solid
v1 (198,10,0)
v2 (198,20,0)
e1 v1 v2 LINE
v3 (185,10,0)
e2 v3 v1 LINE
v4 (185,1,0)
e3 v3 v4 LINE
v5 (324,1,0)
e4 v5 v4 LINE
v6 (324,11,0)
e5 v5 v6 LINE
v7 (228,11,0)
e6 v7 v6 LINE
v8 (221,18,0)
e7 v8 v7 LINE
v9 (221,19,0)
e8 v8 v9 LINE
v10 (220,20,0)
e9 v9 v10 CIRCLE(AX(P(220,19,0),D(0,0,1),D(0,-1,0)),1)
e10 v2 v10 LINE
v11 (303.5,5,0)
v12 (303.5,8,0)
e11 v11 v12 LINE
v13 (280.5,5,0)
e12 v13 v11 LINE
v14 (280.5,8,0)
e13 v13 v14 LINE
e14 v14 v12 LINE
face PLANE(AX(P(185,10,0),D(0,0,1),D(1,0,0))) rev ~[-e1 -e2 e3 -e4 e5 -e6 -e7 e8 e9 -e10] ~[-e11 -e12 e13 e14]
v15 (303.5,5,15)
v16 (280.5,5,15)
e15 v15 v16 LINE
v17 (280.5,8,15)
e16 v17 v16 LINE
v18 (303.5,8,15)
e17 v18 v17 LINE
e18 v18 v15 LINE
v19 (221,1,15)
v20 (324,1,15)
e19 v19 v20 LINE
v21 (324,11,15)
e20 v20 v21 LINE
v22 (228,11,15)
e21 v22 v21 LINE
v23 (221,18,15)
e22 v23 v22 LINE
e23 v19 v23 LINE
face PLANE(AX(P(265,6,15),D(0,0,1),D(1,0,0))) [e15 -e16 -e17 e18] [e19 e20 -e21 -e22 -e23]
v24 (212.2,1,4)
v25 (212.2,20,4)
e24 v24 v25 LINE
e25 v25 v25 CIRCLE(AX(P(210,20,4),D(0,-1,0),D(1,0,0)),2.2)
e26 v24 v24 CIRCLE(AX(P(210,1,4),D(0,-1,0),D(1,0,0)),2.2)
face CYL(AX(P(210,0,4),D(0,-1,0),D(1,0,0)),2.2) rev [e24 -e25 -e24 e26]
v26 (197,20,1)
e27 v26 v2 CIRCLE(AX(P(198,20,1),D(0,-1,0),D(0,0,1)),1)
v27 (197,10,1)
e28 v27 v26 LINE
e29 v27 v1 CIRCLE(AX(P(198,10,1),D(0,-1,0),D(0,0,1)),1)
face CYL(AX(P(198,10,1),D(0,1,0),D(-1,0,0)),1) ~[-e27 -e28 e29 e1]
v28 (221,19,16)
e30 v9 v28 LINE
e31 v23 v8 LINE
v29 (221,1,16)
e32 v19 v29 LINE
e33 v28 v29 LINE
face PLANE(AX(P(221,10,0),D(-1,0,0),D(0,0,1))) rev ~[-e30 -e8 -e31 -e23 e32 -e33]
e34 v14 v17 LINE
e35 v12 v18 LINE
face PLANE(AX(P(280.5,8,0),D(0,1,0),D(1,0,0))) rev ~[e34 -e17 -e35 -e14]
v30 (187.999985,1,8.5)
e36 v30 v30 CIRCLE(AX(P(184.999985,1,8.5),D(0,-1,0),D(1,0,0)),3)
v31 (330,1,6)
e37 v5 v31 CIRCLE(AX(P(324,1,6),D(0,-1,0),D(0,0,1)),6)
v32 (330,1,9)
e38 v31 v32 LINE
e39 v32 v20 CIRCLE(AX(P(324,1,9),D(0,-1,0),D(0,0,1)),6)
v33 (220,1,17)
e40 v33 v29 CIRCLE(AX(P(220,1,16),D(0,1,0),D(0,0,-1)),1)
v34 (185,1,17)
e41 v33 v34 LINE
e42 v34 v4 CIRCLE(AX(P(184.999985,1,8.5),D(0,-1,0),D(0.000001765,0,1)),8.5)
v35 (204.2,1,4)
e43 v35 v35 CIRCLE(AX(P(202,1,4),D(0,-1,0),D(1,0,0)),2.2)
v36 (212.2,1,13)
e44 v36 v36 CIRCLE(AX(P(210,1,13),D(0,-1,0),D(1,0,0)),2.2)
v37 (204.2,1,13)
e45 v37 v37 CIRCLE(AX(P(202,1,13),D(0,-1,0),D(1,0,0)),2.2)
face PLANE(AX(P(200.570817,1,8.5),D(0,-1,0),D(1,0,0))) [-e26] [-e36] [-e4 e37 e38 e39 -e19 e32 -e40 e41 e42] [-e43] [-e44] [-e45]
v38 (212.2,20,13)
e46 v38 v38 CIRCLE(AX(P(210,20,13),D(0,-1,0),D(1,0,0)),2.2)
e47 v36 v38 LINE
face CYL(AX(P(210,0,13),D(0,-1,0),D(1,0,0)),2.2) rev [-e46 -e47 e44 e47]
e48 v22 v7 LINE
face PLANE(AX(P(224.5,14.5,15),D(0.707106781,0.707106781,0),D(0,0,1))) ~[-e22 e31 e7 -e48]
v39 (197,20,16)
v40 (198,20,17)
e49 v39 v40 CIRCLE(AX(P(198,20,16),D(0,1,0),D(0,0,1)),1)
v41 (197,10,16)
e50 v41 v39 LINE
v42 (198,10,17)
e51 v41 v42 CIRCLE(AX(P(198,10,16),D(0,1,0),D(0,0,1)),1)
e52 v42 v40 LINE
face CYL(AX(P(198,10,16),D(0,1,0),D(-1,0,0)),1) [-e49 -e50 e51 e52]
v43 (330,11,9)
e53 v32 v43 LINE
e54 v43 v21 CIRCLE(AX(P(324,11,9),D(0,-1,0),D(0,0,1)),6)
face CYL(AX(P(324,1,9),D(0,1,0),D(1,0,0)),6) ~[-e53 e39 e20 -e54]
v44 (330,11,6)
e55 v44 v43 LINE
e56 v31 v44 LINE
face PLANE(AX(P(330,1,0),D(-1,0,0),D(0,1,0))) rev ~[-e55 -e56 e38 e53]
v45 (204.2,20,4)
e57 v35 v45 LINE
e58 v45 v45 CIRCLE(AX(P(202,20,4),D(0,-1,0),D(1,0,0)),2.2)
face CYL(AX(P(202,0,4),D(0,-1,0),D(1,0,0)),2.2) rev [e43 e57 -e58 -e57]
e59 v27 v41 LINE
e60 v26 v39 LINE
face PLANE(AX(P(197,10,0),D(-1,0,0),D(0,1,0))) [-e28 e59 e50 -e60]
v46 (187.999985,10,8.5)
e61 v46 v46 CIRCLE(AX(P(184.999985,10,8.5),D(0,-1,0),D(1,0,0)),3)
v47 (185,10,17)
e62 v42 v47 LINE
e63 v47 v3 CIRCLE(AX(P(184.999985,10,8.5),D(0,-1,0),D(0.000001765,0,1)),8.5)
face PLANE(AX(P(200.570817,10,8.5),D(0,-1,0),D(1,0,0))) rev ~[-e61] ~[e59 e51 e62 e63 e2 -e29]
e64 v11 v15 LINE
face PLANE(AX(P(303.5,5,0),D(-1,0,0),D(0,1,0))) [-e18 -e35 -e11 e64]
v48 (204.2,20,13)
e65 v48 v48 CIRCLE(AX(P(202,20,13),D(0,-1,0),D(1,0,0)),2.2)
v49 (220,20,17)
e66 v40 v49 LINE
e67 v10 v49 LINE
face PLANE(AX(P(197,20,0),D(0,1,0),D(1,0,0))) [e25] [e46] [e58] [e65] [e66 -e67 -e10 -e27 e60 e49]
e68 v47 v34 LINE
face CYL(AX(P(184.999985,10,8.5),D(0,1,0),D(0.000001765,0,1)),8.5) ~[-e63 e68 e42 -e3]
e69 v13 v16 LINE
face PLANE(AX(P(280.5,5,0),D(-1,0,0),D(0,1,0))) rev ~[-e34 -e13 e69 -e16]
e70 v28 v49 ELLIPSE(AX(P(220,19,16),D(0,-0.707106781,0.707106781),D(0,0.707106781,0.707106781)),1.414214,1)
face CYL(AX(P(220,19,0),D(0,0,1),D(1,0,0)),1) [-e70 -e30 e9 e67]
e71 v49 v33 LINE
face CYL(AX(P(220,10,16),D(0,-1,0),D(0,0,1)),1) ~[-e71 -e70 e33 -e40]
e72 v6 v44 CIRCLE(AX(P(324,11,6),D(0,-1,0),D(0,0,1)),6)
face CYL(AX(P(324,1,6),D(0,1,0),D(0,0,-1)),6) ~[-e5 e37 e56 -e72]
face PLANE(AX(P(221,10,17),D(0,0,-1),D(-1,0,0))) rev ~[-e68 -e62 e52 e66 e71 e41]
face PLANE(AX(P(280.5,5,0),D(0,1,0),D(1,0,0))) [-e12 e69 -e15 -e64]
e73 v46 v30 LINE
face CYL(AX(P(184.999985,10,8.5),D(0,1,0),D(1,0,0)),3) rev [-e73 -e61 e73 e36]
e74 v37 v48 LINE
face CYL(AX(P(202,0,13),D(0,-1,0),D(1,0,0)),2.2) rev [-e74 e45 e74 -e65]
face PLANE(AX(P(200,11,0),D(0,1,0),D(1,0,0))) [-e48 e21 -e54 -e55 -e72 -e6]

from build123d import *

# Parameters (mm, degrees)
CYLINDER012_R          = 2.2
CYLINDER012_DEPTH      = 26
CYLINDER012_ROLL_ANGLE = -90
ARRAY001_X_COUNT       = 2
ARRAY001_X_PITCH       = 8
ARRAY001_Z_COUNT       = 2
ARRAY001_Z_PITCH       = 9
BOX015_W               = 23
BOX015_H               = 3
BOX015_DEPTH           = 20
BOX011_W               = 130
BOX011_H               = 10
BOX011_DEPTH           = 15
SKETCH003_R            = 3
PAD003_DEPTH           = 9
FILLET003_R            = 1
BOX013_W               = 24
BOX013_H               = 10
BOX013_DEPTH           = 17
FILLET_R               = 1
CHAMFER_SIZE           = 7
FILLET004_R            = 6


with BuildPart() as taladros_suje_traccion:
    # Cylinder012 → Cylinder012 (new body)
    with BuildSketch(Plane.XY):
        Circle(CYLINDER012_R)
    extrude(amount=CYLINDER012_DEPTH)


with BuildPart() as taladros_suje_traccion_1:
    # Cylinder012 roll: moved
    add(taladros_suje_traccion.part.rotate(Axis((0, 0, 0), (1, 0, 0)), CYLINDER012_ROLL_ANGLE))


with BuildPart() as taladros_suje_traccion_2:
    # Cylinder012 placement: moved
    add(taladros_suje_traccion_1.part.moved(Location((202, 0, 4))))

    # Array001 X: Taladros_suje_traccion ×2


with BuildPart() as taladros_suje_traccion_3:
    add(taladros_suje_traccion_2.part)
    with Locations(*[(i * ARRAY001_X_PITCH, 0, 0) for i in range(1, ARRAY001_X_COUNT)]):
        add(taladros_suje_traccion_2.part)

    # Array001 Z: Taladros_suje_traccion ×2


with BuildPart() as taladros_suje_traccion_4:
    add(taladros_suje_traccion_3.part)
    with Locations(*[(0, 0, i * ARRAY001_Z_PITCH) for i in range(1, ARRAY001_Z_COUNT)]):
        add(taladros_suje_traccion_3.part)


with BuildPart() as agarre1:
    # Box015 → Box015 (new body)
    with BuildSketch(Plane(origin=(280.5, 5, 0), x_dir=(1, 0, 0), z_dir=(0, 0, 1))):
        with Locations((11.5, 1.5)):
            Rectangle(BOX015_W, BOX015_H)
    extrude(amount=BOX015_DEPTH)


with BuildPart() as base_tibia:
    # Box011 → Box011 (new body)
    with BuildSketch(Plane(origin=(200, 1.5, 0), x_dir=(1, 0, 0), z_dir=(0, 0, 1))):
        with Locations((65, 5)):
            Rectangle(BOX011_W, BOX011_H)
    extrude(amount=BOX011_DEPTH)


with BuildPart() as tibia_agarre:
    # Sketch003 → Pad003 (new body)
    with BuildSketch(Plane(origin=(221, 10.5, 0), x_dir=(1, 0, 0), z_dir=(0, -1, 0))):
        with BuildLine():
            Line((0, 17), (-36, 17))
            ThreePointArc((-36, 17), (-44.500015, 8.5), (-36, 0))
            Line((-36, 0), (0, 0))
            Line((0, 0), (0, 17))
        make_face()
        with Locations((-36.000015, 8.5)):
            Circle(SKETCH003_R, mode=Mode.SUBTRACT)
    extrude(amount=PAD003_DEPTH)

    # Fillet003
    fillet003_edges = [tibia_agarre.edges().sort_by_distance(p)[0] for p in [
        (221, 6, 17),
        (221, 6, 0),
    ]]
    fillet(fillet003_edges, radius=FILLET003_R)

    # Fusion008: union Base_tibia
    add(base_tibia.part)


with BuildPart() as tibia_agarre_1:
    # Fusion008 placement: moved
    add(tibia_agarre.part.moved(Location((0, -0.5, 0))))

    # Cut006: cut Agarre1
    add(agarre1.part, mode=Mode.SUBTRACT)


with BuildPart() as tibia_izquierda_full:
    # Box013 → Box013 (new body)
    with BuildSketch(Plane(origin=(197, 10, 0), x_dir=(1, 0, 0), z_dir=(0, 0, 1))):
        with Locations((12, 5)):
            Rectangle(BOX013_W, BOX013_H)
    extrude(amount=BOX013_DEPTH)

    # Fillet
    fillet_edges = [tibia_izquierda_full.edges().sort_by_distance(p)[0] for p in [
        (197, 15, 17),
        (197, 15, 0),
        (221, 15, 17),
        (221, 20, 8.5),
    ]]
    fillet(fillet_edges, radius=FILLET_R)

    # Fusion009003008: union Tibia_agarre
    add(tibia_agarre_1.part)

    # Chamfer
    chamfer_edges = [tibia_izquierda_full.edges().sort_by_distance(p)[0] for p in [
        (221, 11, 7.5),
    ]]
    chamfer(chamfer_edges, length=CHAMFER_SIZE)

    # Cut007: cut Taladros_suje_traccion
    add(taladros_suje_traccion_4.part, mode=Mode.SUBTRACT)

    # Fillet004
    fillet004_edges = [tibia_izquierda_full.edges().sort_by_distance(p)[0] for p in [
        (330, 6, 0),
        (330, 6, 15),
    ]]
    fillet(fillet004_edges, radius=FILLET004_R)


solid = tibia_izquierda_full.part
